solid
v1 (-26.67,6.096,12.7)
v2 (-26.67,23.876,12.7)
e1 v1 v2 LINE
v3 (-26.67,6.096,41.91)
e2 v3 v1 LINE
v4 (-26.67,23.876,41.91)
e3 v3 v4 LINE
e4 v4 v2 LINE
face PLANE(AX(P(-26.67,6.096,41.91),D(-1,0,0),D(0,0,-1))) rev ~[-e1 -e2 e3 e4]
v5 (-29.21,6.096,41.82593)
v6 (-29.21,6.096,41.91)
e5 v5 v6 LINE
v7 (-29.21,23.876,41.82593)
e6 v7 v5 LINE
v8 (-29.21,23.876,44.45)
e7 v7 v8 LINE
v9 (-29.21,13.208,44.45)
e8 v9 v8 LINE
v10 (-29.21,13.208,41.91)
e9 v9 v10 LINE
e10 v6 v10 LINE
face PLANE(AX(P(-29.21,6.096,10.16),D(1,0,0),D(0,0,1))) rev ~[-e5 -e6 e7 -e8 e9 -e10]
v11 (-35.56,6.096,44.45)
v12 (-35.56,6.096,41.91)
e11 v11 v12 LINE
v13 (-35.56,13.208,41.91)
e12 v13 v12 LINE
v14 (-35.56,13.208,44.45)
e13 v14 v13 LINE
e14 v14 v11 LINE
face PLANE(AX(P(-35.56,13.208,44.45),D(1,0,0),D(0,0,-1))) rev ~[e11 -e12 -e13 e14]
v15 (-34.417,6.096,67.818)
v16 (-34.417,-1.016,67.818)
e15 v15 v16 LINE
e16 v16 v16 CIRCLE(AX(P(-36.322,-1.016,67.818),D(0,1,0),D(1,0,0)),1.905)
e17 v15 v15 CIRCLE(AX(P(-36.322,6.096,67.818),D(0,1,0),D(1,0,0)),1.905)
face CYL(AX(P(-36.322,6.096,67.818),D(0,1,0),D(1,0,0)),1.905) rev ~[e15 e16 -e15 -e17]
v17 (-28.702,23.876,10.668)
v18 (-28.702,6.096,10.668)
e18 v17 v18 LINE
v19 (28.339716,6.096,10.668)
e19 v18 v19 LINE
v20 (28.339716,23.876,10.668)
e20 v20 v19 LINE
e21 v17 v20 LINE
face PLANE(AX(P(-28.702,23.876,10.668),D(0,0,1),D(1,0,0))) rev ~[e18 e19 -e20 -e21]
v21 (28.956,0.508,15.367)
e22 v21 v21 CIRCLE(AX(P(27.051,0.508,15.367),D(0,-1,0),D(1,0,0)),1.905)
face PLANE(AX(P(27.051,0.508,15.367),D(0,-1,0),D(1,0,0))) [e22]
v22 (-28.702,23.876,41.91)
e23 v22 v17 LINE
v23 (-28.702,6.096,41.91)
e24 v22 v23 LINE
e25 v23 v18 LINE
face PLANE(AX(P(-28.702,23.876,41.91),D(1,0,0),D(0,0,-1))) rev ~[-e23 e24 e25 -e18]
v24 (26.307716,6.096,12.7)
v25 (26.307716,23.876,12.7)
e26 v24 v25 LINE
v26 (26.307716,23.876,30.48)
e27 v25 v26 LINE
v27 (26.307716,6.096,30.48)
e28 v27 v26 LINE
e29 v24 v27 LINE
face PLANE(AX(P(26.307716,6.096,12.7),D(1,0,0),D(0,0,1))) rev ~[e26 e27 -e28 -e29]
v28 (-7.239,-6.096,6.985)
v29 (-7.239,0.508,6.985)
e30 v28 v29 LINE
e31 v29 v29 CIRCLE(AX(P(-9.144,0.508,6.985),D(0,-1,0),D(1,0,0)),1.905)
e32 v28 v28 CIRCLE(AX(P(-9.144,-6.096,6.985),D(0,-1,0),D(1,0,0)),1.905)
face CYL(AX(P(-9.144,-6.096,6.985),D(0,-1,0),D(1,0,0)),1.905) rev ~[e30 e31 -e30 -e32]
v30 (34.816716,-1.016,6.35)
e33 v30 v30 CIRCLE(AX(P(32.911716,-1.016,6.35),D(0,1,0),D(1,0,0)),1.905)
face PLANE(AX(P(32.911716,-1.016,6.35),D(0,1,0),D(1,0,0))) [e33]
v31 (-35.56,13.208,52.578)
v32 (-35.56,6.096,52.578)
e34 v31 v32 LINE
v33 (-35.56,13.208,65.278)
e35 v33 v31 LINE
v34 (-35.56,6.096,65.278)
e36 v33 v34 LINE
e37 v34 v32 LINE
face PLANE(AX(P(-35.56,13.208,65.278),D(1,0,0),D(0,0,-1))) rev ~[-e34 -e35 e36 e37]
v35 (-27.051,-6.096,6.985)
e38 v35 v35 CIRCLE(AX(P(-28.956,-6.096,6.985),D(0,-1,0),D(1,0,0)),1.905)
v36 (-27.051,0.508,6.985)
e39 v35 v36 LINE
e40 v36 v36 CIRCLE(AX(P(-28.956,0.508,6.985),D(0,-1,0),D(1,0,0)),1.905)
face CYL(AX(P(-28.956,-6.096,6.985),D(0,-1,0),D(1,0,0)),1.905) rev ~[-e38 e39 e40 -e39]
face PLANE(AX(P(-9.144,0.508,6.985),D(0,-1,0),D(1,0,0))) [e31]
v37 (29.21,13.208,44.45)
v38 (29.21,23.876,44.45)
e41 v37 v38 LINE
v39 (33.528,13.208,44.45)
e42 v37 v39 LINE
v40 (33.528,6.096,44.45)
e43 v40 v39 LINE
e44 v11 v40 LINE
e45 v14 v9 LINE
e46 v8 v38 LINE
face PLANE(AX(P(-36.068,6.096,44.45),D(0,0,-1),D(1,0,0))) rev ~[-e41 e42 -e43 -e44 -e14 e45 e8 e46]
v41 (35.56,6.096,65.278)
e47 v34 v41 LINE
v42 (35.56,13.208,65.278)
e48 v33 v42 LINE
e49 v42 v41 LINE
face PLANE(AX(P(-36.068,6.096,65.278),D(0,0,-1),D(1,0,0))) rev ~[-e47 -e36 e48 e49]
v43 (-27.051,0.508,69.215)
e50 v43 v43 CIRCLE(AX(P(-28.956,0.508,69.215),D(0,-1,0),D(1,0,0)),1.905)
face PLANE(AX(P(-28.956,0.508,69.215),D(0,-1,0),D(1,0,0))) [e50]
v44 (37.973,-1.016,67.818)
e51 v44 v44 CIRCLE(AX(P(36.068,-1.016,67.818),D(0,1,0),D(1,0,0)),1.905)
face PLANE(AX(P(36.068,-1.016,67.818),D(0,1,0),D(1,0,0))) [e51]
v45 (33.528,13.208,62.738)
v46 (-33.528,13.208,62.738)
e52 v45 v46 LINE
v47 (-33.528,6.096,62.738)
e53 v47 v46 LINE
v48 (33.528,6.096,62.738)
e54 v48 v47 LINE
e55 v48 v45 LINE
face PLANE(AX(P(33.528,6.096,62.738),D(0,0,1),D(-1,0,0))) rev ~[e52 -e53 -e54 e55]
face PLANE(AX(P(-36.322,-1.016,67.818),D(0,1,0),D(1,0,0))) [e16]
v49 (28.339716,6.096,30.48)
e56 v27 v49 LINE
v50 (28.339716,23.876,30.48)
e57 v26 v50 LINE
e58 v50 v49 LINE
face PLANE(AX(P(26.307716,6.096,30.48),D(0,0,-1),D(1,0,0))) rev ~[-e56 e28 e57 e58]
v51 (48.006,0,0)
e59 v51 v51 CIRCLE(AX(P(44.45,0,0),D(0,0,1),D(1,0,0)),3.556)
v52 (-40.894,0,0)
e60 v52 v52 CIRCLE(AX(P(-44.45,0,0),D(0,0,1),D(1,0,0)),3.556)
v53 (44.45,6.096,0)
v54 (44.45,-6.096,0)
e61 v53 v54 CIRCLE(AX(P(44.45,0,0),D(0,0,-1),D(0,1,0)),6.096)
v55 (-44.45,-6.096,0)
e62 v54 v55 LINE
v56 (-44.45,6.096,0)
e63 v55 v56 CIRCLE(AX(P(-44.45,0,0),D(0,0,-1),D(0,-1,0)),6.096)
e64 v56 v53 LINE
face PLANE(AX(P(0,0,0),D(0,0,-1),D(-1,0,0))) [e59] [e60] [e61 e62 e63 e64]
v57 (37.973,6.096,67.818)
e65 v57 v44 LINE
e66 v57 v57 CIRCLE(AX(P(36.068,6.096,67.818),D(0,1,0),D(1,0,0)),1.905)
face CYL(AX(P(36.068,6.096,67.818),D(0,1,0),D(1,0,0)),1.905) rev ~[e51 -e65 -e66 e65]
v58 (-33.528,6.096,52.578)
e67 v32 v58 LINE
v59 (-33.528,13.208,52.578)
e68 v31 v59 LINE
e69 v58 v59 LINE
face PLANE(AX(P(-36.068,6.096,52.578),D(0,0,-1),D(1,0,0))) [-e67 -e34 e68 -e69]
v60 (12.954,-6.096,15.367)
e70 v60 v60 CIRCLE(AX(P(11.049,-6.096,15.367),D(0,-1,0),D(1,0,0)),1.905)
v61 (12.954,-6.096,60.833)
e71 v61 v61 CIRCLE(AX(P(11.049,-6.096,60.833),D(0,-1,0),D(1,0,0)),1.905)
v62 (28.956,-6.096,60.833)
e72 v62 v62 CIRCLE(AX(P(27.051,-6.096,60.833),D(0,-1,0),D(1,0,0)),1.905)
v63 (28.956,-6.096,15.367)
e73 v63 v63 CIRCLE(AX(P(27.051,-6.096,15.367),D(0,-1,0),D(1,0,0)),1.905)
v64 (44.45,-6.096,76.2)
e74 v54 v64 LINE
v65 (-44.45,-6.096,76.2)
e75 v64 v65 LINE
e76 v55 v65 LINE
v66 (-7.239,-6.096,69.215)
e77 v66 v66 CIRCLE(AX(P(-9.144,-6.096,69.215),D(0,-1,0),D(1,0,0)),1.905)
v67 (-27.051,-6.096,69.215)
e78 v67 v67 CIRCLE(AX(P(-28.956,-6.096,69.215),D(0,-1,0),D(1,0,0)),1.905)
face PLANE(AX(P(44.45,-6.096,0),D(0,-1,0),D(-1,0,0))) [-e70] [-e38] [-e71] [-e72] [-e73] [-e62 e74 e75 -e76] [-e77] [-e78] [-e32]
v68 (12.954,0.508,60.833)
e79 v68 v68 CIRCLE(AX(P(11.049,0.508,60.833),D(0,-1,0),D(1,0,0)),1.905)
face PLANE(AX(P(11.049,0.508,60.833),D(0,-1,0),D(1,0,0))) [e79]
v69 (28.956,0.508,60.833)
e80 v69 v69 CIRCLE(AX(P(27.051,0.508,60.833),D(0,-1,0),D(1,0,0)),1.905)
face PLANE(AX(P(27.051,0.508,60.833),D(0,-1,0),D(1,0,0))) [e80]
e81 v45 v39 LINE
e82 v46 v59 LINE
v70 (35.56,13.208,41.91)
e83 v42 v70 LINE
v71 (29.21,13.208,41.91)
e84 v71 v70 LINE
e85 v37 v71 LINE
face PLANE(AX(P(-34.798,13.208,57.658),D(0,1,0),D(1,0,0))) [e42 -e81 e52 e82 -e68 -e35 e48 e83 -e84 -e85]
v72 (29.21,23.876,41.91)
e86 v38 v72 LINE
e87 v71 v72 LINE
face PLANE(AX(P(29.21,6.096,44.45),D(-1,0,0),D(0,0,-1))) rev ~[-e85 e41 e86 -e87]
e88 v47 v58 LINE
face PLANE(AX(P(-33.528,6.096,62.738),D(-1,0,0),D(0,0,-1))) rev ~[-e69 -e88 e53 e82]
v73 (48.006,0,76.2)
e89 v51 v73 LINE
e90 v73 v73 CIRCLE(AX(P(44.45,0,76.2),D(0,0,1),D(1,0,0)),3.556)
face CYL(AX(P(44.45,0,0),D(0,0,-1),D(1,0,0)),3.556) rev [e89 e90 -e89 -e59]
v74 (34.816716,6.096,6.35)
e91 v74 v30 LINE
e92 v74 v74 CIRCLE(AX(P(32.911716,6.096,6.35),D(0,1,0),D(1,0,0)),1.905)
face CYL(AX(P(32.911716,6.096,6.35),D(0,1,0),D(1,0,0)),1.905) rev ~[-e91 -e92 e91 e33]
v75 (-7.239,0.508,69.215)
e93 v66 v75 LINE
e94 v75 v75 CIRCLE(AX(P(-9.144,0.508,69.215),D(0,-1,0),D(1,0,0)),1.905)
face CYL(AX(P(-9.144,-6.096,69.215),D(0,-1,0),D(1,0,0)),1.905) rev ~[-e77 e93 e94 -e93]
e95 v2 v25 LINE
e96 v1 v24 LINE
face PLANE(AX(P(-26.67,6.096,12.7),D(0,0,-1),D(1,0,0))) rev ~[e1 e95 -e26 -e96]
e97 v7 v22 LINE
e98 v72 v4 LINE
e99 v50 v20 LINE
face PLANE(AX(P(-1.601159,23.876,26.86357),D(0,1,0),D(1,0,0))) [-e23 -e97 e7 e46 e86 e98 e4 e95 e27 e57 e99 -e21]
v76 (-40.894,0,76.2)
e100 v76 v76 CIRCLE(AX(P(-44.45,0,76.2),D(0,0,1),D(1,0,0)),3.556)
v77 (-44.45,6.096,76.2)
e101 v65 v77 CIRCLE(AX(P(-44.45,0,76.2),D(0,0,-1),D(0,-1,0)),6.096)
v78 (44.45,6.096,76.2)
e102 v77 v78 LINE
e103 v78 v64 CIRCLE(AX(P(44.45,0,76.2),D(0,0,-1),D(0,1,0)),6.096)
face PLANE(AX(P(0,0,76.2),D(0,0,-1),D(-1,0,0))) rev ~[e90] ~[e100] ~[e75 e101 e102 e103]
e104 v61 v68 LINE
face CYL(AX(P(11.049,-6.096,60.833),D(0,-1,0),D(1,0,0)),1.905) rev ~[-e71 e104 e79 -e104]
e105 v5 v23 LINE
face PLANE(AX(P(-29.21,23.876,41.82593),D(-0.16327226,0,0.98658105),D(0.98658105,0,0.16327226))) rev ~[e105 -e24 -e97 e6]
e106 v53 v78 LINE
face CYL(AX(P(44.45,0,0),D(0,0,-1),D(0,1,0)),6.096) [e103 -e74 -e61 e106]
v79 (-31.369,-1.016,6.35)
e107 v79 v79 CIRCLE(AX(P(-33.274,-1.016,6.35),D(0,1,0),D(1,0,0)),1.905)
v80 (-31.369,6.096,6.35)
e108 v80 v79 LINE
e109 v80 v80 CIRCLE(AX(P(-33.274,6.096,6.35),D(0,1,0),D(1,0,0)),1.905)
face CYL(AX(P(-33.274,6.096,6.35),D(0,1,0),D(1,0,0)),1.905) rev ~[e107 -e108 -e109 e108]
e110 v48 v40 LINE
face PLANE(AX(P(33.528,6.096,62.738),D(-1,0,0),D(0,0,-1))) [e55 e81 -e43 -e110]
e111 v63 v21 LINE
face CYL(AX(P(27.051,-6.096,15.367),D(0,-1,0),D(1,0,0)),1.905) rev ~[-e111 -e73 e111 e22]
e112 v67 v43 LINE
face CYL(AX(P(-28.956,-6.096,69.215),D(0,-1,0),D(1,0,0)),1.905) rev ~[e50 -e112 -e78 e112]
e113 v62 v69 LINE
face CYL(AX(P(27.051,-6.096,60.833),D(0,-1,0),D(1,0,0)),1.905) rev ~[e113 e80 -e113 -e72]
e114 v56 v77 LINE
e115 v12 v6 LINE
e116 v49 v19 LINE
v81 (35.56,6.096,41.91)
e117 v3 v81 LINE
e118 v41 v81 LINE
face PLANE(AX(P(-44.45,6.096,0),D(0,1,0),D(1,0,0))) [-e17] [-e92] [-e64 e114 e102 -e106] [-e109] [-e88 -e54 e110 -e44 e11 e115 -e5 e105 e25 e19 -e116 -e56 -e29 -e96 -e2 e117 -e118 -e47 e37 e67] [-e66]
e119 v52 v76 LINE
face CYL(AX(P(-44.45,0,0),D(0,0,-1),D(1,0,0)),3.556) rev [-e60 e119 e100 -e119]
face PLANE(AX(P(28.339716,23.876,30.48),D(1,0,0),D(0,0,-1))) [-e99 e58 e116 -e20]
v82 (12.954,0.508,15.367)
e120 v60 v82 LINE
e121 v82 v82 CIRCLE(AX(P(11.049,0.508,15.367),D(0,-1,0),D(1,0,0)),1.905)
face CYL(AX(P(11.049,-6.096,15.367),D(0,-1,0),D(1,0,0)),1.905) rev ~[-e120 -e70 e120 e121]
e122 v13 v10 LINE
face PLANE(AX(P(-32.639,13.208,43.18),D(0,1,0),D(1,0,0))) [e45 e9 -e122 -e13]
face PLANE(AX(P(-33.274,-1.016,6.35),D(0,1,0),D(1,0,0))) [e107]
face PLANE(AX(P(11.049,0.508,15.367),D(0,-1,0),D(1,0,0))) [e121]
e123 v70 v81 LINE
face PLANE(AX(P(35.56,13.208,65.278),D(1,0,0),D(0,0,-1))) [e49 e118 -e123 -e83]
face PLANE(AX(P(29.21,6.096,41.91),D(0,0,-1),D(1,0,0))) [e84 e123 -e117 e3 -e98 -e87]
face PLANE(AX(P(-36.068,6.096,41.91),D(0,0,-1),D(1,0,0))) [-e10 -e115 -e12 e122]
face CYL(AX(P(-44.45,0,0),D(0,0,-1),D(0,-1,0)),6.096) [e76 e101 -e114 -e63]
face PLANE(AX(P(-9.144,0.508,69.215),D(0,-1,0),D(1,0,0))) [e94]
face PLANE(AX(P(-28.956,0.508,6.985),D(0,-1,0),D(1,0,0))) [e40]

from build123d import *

# Parameters (mm, degrees)
SKETCH1_R           = 3.556
BOSS_EXTRUDE1_DEPTH = 76.2
SKETCH2_R           = 1.905
CUT_EXTRUDE1_DEPTH  = 6.604
BOSS_EXTRUDE2_DEPTH = 17.78
SKETCH4_W           = 6.858
SKETCH4_H           = 2.54
SKETCH4_W_2         = 2.54
SKETCH4_H_2         = 10.16
SKETCH4_H_3         = 18.288
BOSS_EXTRUDE3_DEPTH = 7.112
SKETCH5_R           = 1.905
CUT_EXTRUDE3_DEPTH  = 7.112
SKETCH6_R           = 1.905
CUT_EXTRUDE4_DEPTH  = 7.112
SKETCH8_W           = 0.508
SKETCH8_H           = 20.32
CUT_EXTRUDE5_DEPTH  = 17.78
SKETCH9_W           = 0.508
SKETCH9_H           = 2.54
CUT_EXTRUDE6_DEPTH  = 7.112
SKETCH10_W          = 0.508
SKETCH10_H          = 12.7
SKETCH10_H_2        = 23.368
CUT_EXTRUDE7_DEPTH  = 7.112
SKETCH11_W          = 57.041716114
SKETCH11_H          = 0.508
CUT_EXTRUDE8_DEPTH  = 17.78


with BuildPart() as part:
    # Sketch1 → Boss-Extrude1 (new body)
    with BuildSketch(Plane.XY):
        with BuildLine():
            Line((-44.45, 6.096), (44.45, 6.096))
            ThreePointArc((44.45, 6.096), (50.546, 0), (44.45, -6.096))
            Line((44.45, -6.096), (-44.45, -6.096))
            ThreePointArc((-44.45, -6.096), (-50.546, 0), (-44.45, 6.096))
        make_face()
        with Locations((-44.45, 0)):
            Circle(SKETCH1_R, mode=Mode.SUBTRACT)
        with Locations((44.45, 0)):
            Circle(SKETCH1_R, mode=Mode.SUBTRACT)
    extrude(amount=BOSS_EXTRUDE1_DEPTH)

    # Sketch2 → Cut-Extrude1 (cut)
    with BuildSketch(Plane.XZ.offset(6.096)):
        with Locations((-9.144, 69.215)):
            Circle(SKETCH2_R)
        with Locations((27.051, 60.833)):
            Circle(SKETCH2_R)
        with Locations((-28.956, 69.215)):
            Circle(SKETCH2_R)
        with Locations((-28.956, 6.985)):
            Circle(SKETCH2_R)
        with Locations((-9.144, 6.985)):
            Circle(SKETCH2_R)
        with Locations((11.049, 60.833)):
            Circle(SKETCH2_R)
        with Locations((11.049, 15.367)):
            Circle(SKETCH2_R)
        with Locations((27.051, 15.367)):
            Circle(SKETCH2_R)
    extrude(amount=-CUT_EXTRUDE1_DEPTH, mode=Mode.SUBTRACT)

    # Sketch3 → Boss-Extrude2 (add)
    with BuildSketch(Plane(origin=(0, 6.096, 0), x_dir=(1, 0, 0), z_dir=(0, 1, 0))):
        Polygon((-29.21, -10.16), (-29.21, -44.45), (29.21, -44.45), (29.21, -41.91), (-26.67, -41.91), (-26.67, -12.7), (26.307716114, -12.7), (26.307716114, -30.48), (28.847716114, -30.48), (28.847716114, -10.16), align=None)
    extrude(amount=BOSS_EXTRUDE2_DEPTH)

    # Sketch4 → Boss-Extrude3 (add)
    with BuildSketch(Plane(origin=(0, 6.096, 0), x_dir=(1, 0, 0), z_dir=(0, 1, 0))):
        with Locations((-32.639, -43.18)):
            Rectangle(SKETCH4_W, SKETCH4_H)
        with Locations((-34.798, -57.658)):
            Rectangle(SKETCH4_W_2, SKETCH4_H_2)
        Polygon((36.068, -62.738), (33.528, -62.738), (-33.528, -62.738), (-36.068, -62.738), (-36.068, -65.278), (36.068, -65.278), align=None)
        with Locations((34.798, -53.594)):
            Rectangle(SKETCH4_W_2, SKETCH4_H_3)
        with Locations((32.639, -43.18)):
            Rectangle(SKETCH4_W, SKETCH4_H)
    extrude(amount=BOSS_EXTRUDE3_DEPTH)

    # Sketch5 → Cut-Extrude3 (cut)
    with BuildSketch(Plane(origin=(0, 6.096, 0), x_dir=(1, 0, 0), z_dir=(0, 1, 0))):
        with Locations((36.068, -67.818)):
            Circle(SKETCH5_R)
        with Locations((32.911716114, -6.35)):
            Circle(SKETCH5_R)
    extrude(amount=-CUT_EXTRUDE3_DEPTH, mode=Mode.SUBTRACT)

    # Sketch6 → Cut-Extrude4 (cut)
    with BuildSketch(Plane(origin=(0, 6.096, 0), x_dir=(1, 0, 0), z_dir=(0, 1, 0))):
        with Locations((-33.274, -6.35)):
            Circle(SKETCH6_R)
        with Locations((-36.322, -67.818)):
            Circle(SKETCH6_R)
    extrude(amount=-CUT_EXTRUDE4_DEPTH, mode=Mode.SUBTRACT)

    # Sketch8 → Cut-Extrude5 (cut)
    with BuildSketch(Plane(origin=(0, 23.876, 0), x_dir=(1, 0, 0), z_dir=(0, 1, 0))):
        with Locations((28.593716114, -20.32)):
            Rectangle(SKETCH8_W, SKETCH8_H)
        Polygon((-28.702, -41.91), (-28.702, -10.16), (-29.21, -10.16), (-29.21, -41.825929555), align=None)
    extrude(amount=-CUT_EXTRUDE5_DEPTH, mode=Mode.SUBTRACT)

    # Sketch9 → Cut-Extrude6 (cut)
    with BuildSketch(Plane(origin=(0, 13.208, 0), x_dir=(1, 0, 0), z_dir=(0, 1, 0))):
        with Locations((-35.814, -43.18)):
            Rectangle(SKETCH9_W, SKETCH9_H)
    extrude(amount=-CUT_EXTRUDE6_DEPTH, mode=Mode.SUBTRACT)

    # Sketch10 → Cut-Extrude7 (cut)
    with BuildSketch(Plane(origin=(0, 13.208, 0), x_dir=(1, 0, 0), z_dir=(0, 1, 0))):
        with Locations((-35.814, -58.928)):
            Rectangle(SKETCH10_W, SKETCH10_H)
        with Locations((35.814, -53.594)):
            Rectangle(SKETCH10_W, SKETCH10_H_2)
    extrude(amount=-CUT_EXTRUDE7_DEPTH, mode=Mode.SUBTRACT)

    # Sketch11 → Cut-Extrude8 (cut)
    with BuildSketch(Plane(origin=(0, 23.876, 0), x_dir=(1, 0, 0), z_dir=(0, 1, 0))):
        with Locations((-0.181141943, -10.414)):
            Rectangle(SKETCH11_W, SKETCH11_H)
    extrude(amount=-CUT_EXTRUDE8_DEPTH, mode=Mode.SUBTRACT)


solid = part.part
